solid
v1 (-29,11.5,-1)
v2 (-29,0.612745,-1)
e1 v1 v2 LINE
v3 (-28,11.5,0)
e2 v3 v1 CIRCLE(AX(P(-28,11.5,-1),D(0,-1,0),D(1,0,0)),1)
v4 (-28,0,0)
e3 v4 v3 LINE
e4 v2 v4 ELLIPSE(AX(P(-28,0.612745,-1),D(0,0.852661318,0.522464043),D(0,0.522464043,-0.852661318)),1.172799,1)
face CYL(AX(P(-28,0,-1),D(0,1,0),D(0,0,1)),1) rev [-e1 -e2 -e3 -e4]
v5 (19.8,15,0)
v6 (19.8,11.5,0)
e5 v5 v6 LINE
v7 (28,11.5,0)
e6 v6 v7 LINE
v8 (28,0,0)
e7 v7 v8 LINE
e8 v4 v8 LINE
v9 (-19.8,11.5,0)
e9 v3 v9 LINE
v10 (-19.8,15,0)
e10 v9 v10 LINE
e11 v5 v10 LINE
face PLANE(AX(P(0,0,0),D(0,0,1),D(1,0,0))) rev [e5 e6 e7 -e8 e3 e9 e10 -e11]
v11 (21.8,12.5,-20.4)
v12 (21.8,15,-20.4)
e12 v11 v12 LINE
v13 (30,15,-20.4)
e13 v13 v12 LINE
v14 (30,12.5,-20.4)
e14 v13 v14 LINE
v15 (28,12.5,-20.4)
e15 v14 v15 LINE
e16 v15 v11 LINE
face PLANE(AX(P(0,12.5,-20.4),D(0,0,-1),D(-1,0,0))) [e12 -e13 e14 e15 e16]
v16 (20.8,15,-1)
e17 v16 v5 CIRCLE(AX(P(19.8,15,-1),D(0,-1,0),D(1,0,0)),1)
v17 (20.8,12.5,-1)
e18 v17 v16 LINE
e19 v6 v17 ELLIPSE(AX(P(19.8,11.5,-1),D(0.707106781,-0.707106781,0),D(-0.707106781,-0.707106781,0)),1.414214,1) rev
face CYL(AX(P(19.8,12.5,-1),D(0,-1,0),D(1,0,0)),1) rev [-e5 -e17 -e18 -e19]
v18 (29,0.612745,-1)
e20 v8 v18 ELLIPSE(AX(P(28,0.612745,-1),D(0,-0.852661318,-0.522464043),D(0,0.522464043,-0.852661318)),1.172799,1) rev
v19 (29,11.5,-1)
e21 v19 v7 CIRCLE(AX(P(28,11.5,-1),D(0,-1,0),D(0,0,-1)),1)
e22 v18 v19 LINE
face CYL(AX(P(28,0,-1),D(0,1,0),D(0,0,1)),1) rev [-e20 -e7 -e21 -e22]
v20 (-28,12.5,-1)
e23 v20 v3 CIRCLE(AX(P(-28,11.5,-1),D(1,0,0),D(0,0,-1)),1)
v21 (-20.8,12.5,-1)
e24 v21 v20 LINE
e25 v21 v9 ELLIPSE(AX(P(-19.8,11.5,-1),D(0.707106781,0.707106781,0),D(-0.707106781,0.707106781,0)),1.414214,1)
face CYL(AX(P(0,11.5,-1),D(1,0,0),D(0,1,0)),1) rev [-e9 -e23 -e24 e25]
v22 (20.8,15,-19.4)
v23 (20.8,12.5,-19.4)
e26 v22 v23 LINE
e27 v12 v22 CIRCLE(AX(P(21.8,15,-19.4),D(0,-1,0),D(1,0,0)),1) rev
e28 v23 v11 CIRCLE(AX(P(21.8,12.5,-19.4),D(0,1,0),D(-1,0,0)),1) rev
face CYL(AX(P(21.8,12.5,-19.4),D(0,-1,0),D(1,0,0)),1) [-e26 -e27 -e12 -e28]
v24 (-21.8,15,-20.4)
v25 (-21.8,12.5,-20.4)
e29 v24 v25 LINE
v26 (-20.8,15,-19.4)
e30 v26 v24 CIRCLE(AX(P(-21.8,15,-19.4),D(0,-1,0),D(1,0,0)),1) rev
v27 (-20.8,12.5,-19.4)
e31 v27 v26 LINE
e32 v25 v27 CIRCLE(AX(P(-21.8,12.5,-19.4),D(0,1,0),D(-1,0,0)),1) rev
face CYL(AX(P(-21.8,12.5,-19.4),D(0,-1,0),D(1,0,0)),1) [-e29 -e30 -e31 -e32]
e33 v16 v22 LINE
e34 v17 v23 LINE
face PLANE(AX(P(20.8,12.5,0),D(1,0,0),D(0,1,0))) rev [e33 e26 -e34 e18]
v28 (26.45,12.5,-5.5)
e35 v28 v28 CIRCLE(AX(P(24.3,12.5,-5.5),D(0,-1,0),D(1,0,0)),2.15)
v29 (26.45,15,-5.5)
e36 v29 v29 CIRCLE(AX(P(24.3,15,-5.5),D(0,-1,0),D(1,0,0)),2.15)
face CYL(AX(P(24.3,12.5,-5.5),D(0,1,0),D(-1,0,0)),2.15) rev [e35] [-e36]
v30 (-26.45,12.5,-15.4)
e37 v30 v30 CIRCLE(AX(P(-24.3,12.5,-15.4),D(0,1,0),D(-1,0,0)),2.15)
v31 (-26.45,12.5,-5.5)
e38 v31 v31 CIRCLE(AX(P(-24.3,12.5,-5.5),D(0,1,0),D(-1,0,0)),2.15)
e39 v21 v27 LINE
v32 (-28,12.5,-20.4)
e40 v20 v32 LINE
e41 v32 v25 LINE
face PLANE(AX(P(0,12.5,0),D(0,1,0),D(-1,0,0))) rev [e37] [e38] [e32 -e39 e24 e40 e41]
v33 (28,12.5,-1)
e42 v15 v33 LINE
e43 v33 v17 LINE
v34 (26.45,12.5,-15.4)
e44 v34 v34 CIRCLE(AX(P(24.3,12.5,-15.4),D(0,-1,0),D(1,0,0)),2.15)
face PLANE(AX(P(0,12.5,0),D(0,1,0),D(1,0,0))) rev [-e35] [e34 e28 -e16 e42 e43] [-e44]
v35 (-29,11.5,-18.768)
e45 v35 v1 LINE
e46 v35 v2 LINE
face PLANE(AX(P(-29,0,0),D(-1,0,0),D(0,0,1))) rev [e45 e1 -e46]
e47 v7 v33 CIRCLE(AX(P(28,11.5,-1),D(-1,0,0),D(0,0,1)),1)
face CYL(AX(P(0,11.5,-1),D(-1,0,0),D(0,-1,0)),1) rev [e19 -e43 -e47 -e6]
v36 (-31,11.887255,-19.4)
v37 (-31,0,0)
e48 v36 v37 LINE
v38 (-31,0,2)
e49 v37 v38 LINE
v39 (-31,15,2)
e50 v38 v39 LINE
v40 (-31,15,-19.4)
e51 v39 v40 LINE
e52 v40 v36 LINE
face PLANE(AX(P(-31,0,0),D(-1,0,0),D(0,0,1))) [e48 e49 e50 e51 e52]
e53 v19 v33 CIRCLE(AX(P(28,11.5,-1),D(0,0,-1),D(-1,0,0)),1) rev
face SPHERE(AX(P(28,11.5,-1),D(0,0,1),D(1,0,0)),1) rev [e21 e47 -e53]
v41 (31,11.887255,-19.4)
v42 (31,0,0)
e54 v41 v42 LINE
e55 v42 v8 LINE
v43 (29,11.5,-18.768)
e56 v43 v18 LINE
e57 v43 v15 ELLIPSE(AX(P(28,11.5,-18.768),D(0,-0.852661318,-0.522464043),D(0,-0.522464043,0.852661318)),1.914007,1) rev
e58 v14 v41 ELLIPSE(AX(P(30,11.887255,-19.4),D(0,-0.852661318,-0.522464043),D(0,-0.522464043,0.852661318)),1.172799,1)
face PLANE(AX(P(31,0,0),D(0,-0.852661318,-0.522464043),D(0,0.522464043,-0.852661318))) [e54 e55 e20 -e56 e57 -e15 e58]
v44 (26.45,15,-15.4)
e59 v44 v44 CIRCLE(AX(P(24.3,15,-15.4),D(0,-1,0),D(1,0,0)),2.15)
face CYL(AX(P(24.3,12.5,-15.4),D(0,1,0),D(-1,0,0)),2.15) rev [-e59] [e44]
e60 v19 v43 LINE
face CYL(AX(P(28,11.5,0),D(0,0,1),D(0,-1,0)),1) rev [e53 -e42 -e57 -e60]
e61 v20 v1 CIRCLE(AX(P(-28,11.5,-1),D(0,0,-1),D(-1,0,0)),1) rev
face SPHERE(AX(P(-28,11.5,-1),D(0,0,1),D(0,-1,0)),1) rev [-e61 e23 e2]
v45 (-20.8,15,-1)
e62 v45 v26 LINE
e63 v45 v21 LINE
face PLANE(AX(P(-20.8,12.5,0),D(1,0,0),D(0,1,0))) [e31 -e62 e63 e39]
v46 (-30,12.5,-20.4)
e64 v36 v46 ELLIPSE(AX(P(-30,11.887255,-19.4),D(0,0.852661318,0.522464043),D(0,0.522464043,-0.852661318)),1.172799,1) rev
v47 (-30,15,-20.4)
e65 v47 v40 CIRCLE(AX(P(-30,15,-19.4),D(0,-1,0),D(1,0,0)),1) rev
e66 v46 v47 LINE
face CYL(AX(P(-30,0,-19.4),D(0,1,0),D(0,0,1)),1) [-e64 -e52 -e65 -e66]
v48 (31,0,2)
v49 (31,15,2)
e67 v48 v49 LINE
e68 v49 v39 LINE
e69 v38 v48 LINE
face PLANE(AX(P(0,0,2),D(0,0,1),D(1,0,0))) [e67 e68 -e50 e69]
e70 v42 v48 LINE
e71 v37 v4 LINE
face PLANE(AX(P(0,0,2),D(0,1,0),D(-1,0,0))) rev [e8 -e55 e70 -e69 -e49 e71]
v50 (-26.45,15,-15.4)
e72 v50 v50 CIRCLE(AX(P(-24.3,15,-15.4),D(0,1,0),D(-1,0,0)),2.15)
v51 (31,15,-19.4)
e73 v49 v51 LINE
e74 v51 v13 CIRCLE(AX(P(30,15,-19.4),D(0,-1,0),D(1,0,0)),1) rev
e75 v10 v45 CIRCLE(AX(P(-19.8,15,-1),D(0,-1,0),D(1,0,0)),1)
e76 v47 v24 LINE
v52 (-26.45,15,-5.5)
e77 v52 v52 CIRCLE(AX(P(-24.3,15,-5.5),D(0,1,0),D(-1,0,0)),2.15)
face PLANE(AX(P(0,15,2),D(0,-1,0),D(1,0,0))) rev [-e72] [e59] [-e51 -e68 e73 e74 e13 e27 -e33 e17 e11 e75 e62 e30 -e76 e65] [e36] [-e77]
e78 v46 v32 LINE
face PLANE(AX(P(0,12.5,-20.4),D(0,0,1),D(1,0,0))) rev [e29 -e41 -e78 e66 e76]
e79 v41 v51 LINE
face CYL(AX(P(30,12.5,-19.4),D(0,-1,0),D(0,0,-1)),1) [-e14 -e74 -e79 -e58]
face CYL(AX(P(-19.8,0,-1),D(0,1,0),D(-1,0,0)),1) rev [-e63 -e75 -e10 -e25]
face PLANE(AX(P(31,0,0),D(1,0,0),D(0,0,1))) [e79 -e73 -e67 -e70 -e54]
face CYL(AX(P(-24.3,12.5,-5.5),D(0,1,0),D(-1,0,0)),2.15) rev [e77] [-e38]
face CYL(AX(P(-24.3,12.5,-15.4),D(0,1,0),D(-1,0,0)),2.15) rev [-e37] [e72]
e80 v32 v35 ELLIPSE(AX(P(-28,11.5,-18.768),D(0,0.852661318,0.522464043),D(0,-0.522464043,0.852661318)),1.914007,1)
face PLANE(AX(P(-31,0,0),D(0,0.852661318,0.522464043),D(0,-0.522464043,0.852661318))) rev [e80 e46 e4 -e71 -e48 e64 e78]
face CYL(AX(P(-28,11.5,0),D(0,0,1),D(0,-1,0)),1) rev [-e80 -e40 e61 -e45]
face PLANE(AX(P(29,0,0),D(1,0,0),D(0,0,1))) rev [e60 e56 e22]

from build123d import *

# Parameters (mm, degrees)
SKETCH_1_W             = 29
SKETCH_1_H             = 15
EXTRUDE_1_DEPTH        = 2
SKETCH_2_W             = 8.2
SKETCH_2_H             = 20.4
SKETCH_2_R             = 2.15
EXTRUDE_2_DEPTH        = 2.5
EXTRUDE_3_DEPTH        = 2
FILLET_1_R             = 1
FILLET_1_OF_MIRROR_2_R = 1


with BuildPart() as part:
    # 草图1 → 凸台-拉伸1 (new body)
    with BuildSketch(Plane.XY):
        with Locations((-14.5, 7.5)):
            Rectangle(SKETCH_1_W, SKETCH_1_H)
    extrude_1 = extrude(amount=EXTRUDE_1_DEPTH)

    # 草图2 → 凸台-拉伸2 (add)
    with BuildSketch(Plane(origin=(0, 15, 0), x_dir=(1, 0, 0), z_dir=(0, 1, 0))):
        with Locations((-24.9, 10.2)):
            Rectangle(SKETCH_2_W, SKETCH_2_H)
        with Locations((-24.3, 5.5)):
            Circle(SKETCH_2_R, mode=Mode.SUBTRACT)
        with Locations((-24.3, 15.4)):
            Circle(SKETCH_2_R, mode=Mode.SUBTRACT)
    extrude_2 = extrude(amount=-EXTRUDE_2_DEPTH)

    # 草图3 → 凸台-拉伸3 (add)
    with BuildSketch(Plane.ZY.offset(29)):
        Polygon((-20.4, 12.5), (0, 0), (0, 12.5), align=None)
        Polygon((2, 0), (2, 15), (-20.4, 15), (-20.4, 12.5), (0, 12.5), (0, 0), align=None)
    extrude_3 = extrude(amount=EXTRUDE_3_DEPTH)

    # 圆角1
    fillet_1_edges = [part.edges().sort_by_distance(p)[0] for p in [
        (-29, 6.25, 0),
        (-20.8, 13.75, 0),
        (-20.8, 13.75, -20.4),
        (-24.9, 12.5, 0),
        (-29, 12.5, -10.2),
        (-31, 13.75, -20.4),
    ]]
    fillet(fillet_1_edges, radius=FILLET_1_R)

    # 镜向2: 凸台-拉伸1, 凸台-拉伸2, 凸台-拉伸3 across plane
    add(extrude_1.mirror(Plane(origin=(0, 0, 2), x_dir=(0, 0, 1), z_dir=(-1, 0, 0))))
    add(extrude_2.mirror(Plane(origin=(0, 0, 2), x_dir=(0, 0, 1), z_dir=(-1, 0, 0))))
    add(extrude_3.mirror(Plane(origin=(0, 0, 2), x_dir=(0, 0, 1), z_dir=(-1, 0, 0))))

    # 圆角1 of 镜向2
    fillet_1_of_mirror_2_edges = [part.edges().sort_by_distance(p)[0] for p in [
        (29, 6.25, 0),
        (20.8, 13.75, 0),
        (20.8, 13.75, -20.4),
        (24.9, 12.5, 0),
        (29, 12.5, -10.2),
        (31, 13.75, -20.4),
    ]]
    fillet(fillet_1_of_mirror_2_edges, radius=FILLET_1_OF_MIRROR_2_R)


solid = part.part
